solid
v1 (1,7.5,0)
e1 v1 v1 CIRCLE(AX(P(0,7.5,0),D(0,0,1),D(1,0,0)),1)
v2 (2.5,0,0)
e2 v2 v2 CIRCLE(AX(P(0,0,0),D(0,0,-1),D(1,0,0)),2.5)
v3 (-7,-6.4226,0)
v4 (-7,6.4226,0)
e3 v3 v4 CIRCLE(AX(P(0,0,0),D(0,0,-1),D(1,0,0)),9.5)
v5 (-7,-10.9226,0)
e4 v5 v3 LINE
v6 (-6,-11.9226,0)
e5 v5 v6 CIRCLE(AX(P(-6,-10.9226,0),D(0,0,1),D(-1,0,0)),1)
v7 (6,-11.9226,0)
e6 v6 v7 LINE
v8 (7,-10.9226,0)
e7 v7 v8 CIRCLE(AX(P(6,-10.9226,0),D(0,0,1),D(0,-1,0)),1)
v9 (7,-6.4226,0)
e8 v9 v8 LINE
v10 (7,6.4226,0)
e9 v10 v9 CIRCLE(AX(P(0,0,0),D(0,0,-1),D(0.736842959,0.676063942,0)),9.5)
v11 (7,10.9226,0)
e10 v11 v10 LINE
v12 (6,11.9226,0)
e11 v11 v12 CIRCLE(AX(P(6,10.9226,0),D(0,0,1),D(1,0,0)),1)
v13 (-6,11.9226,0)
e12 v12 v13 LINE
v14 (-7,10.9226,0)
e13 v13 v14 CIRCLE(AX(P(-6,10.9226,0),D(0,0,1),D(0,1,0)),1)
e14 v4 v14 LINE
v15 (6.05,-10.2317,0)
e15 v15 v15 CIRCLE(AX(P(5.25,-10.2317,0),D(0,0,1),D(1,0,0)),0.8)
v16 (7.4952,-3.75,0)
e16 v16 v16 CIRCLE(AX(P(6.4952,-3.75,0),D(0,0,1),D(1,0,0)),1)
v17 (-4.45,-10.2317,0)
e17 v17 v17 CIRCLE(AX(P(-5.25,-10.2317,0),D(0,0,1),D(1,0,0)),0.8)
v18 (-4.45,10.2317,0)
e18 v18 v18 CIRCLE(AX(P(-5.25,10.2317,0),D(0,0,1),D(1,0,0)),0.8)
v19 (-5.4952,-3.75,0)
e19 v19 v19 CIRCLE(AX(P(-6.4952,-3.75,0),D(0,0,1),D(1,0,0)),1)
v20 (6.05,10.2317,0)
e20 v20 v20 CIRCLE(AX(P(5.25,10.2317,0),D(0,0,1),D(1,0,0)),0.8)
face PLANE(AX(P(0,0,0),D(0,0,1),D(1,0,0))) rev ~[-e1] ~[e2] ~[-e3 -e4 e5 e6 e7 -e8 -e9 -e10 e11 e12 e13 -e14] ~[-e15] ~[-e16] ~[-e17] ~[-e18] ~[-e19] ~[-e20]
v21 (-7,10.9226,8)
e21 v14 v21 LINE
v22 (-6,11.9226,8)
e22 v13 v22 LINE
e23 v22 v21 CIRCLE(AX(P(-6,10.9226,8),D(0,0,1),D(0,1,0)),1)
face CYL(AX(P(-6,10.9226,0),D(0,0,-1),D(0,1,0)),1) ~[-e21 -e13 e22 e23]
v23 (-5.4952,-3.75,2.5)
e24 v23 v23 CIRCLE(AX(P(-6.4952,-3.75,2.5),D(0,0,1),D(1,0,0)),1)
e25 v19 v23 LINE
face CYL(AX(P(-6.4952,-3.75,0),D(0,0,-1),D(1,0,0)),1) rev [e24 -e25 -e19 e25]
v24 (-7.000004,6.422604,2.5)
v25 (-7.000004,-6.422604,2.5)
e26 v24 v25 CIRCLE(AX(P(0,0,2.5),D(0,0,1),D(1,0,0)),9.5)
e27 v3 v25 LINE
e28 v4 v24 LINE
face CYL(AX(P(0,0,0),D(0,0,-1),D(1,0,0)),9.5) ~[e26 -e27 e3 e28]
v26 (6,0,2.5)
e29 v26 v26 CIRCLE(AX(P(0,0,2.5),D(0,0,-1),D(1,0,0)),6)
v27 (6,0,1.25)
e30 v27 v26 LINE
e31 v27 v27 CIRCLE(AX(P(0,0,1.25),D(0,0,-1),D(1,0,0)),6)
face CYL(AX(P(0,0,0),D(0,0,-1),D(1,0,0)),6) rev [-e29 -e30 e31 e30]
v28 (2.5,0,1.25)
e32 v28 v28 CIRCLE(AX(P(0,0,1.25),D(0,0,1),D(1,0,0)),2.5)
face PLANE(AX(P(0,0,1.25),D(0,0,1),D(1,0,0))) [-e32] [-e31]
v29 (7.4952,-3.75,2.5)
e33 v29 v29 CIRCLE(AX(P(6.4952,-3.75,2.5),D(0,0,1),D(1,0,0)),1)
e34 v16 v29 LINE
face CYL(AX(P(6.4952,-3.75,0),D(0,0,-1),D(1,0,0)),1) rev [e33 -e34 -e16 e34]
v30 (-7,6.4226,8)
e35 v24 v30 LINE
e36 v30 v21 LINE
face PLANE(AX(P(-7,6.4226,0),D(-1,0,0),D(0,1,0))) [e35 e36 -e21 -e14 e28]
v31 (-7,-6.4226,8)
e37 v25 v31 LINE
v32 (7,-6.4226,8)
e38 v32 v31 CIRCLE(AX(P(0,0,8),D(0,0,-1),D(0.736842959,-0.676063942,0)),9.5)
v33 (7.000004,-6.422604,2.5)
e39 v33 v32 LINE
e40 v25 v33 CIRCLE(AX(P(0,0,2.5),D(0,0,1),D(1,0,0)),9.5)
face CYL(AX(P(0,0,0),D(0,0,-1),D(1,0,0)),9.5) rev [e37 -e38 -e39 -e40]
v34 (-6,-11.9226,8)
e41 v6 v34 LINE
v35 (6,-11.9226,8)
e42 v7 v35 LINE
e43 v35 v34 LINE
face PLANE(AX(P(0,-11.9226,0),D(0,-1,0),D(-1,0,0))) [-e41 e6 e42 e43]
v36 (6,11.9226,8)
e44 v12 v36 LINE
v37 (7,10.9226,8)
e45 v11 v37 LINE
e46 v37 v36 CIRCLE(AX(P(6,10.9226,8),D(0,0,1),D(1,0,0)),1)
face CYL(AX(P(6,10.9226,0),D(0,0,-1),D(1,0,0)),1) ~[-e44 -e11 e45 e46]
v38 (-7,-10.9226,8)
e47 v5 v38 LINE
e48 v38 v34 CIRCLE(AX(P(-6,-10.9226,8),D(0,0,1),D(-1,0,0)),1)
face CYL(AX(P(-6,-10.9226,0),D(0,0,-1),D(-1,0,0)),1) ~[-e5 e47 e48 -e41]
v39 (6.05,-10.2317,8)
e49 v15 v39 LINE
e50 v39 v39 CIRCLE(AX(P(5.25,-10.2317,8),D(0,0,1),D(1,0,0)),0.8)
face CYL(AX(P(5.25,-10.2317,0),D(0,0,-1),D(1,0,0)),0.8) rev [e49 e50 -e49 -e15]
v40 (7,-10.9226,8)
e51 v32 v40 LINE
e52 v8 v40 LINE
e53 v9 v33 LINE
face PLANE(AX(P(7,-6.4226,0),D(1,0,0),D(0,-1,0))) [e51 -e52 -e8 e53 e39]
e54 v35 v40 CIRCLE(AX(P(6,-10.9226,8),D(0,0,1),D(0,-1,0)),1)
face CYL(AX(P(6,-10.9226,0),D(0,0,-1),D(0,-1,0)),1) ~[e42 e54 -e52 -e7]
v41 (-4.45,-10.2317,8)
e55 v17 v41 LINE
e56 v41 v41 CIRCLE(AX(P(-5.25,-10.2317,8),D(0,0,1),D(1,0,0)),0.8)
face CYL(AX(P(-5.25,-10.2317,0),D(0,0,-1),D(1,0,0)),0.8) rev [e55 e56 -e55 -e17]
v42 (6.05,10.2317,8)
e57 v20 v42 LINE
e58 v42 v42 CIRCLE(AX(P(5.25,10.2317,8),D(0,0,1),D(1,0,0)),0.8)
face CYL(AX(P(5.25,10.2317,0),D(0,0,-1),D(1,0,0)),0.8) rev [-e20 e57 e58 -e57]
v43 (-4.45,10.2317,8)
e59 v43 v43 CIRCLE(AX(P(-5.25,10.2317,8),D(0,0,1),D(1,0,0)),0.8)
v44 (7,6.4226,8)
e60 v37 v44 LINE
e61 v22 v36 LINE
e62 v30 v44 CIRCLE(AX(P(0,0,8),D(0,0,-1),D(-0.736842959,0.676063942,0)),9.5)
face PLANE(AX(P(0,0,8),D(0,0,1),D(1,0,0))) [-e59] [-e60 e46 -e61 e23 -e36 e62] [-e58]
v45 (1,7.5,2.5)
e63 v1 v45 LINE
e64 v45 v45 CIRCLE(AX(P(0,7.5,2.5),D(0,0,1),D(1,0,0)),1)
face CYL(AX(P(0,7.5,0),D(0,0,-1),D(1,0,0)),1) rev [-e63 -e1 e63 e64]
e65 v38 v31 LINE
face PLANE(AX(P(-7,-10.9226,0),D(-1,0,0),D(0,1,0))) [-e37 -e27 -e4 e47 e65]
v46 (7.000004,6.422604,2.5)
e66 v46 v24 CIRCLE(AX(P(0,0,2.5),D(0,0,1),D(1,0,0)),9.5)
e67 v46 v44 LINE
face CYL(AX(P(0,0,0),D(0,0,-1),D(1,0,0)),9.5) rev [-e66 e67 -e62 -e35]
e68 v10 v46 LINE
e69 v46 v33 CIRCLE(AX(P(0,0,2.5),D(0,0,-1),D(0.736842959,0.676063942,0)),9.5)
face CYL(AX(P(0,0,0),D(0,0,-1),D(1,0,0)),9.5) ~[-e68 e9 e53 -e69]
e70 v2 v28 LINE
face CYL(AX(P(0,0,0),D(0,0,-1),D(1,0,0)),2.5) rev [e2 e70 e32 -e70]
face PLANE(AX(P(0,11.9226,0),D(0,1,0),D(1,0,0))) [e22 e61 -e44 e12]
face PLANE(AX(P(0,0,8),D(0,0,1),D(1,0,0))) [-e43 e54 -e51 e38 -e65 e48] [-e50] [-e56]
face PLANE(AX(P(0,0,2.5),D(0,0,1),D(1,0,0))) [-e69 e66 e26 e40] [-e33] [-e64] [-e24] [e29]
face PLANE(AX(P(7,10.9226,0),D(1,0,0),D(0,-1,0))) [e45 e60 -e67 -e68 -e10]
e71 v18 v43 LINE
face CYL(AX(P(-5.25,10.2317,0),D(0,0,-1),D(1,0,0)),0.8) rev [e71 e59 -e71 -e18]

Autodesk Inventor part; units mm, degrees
ref_plane "YZ Plane" through (0, 0, 0) normal (1, 0, 0) x (0, 1, 0)
ref_plane "XZ Plane" through (0, 0, 0) normal (0, 1, 0) x (-1, 0, 0)
ref_plane "XY Plane" through (0, 0, 0) normal (0, 0, 1) x (1, 0, 0)
sketch "スケッチ1" plane through (0, 0, 0) normal (0, 0, 1) x (1, 0, 0)
  circle A0 centre (0, 0) radius 2.5
  circle A1 centre (0, 0) radius 6
  circle A2 centre (0, 0) radius 9.5
  circle A3 centre (0, 7.5) radius 1
  circle A4 centre (0, 0) radius 7.5 construction
  line L0 (0, -20.3) -> (0, 20.3) projected
  circle A5 centre (-6.4952, -3.75) radius 1
  circle A6 centre (6.4952, -3.75) radius 1
  circle A7 centre (0, 0) radius 14.5 construction
  line L1 (-7, 6.4226) -> (-7, 10.9226)
  line L2 (-6, 11.9226) -> (6, 11.9226)
  line L3 (7, 10.9226) -> (7, 6.4226)
  arc A8 (-6, 11.9226) -> (-7, 10.9226) centre (-6, 10.9226) ccw
  arc A9 (7, 10.9226) -> (6, 11.9226) centre (6, 10.9226) ccw
  circle A10 centre (5.25, 10.2317) radius 2 construction
  circle A11 centre (5.25, 10.2317) radius 0.8
  circle A12 centre (-5.25, 10.2317) radius 2 construction
  circle A13 centre (-5.25, 10.2317) radius 0.8
  line L4 (-5.25, 10.2317) -> (-5.25, 7.9175) construction
  line L5 (5.25, 10.2317) -> (5.25, 7.9175) construction
  circle A14 centre (5.25, -10.2317) radius 0.8
  line L6 (7, -6.4226) -> (7, -10.9226)
  arc A15 (6, -11.9226) -> (7, -10.9226) centre (6, -10.9226) ccw
  line L7 (6, -11.9226) -> (-6, -11.9226)
  circle A16 centre (-5.25, -10.2317) radius 2 construction
  line L8 (-7, -10.9226) -> (-7, -6.4226)
  arc A17 (-7, -10.9226) -> (-6, -11.9226) centre (-6, -10.9226) ccw
  circle A18 centre (-5.25, -10.2317) radius 0.8
  circle A19 centre (5.25, -10.2317) radius 2 construction
  dimension "d4" = 15
  dimension "d0" = 5
  dimension "d1" = 12
  dimension "d2" = 19
  dimension "d3" = 2
  dimension "d7" = 360
  dimension "d13" = 29
  dimension "d14" = 1
  dimension "d15" = 12
  dimension "d16" = 4.5
  dimension "d17" = 4
  dimension "d18" = 1.6
  dimension "d19" = 10.5
  dimension "d22" = 360
extrude "押し出し1" add sketch "スケッチ1" along normal blind 1.25 contours A0 L0 A1 | A0 L0 A1 | L0 A3 A2 A1 | A1 L0 A2 A3
extrude "押し出し2" add sketch "スケッチ1" along normal blind 2.5 contours L0 A3 A2 A1 | A1 L0 A2 A3
extrude "押し出し3" add sketch "スケッチ1" along normal blind 8 contours L0 L7 A17 L8 A2 | A2 L6 A15 L7 L0 | L0 L2 A9 L3 A2 | A2 L1 A8 L2 L0
properties part number "MotorMount_sub"
